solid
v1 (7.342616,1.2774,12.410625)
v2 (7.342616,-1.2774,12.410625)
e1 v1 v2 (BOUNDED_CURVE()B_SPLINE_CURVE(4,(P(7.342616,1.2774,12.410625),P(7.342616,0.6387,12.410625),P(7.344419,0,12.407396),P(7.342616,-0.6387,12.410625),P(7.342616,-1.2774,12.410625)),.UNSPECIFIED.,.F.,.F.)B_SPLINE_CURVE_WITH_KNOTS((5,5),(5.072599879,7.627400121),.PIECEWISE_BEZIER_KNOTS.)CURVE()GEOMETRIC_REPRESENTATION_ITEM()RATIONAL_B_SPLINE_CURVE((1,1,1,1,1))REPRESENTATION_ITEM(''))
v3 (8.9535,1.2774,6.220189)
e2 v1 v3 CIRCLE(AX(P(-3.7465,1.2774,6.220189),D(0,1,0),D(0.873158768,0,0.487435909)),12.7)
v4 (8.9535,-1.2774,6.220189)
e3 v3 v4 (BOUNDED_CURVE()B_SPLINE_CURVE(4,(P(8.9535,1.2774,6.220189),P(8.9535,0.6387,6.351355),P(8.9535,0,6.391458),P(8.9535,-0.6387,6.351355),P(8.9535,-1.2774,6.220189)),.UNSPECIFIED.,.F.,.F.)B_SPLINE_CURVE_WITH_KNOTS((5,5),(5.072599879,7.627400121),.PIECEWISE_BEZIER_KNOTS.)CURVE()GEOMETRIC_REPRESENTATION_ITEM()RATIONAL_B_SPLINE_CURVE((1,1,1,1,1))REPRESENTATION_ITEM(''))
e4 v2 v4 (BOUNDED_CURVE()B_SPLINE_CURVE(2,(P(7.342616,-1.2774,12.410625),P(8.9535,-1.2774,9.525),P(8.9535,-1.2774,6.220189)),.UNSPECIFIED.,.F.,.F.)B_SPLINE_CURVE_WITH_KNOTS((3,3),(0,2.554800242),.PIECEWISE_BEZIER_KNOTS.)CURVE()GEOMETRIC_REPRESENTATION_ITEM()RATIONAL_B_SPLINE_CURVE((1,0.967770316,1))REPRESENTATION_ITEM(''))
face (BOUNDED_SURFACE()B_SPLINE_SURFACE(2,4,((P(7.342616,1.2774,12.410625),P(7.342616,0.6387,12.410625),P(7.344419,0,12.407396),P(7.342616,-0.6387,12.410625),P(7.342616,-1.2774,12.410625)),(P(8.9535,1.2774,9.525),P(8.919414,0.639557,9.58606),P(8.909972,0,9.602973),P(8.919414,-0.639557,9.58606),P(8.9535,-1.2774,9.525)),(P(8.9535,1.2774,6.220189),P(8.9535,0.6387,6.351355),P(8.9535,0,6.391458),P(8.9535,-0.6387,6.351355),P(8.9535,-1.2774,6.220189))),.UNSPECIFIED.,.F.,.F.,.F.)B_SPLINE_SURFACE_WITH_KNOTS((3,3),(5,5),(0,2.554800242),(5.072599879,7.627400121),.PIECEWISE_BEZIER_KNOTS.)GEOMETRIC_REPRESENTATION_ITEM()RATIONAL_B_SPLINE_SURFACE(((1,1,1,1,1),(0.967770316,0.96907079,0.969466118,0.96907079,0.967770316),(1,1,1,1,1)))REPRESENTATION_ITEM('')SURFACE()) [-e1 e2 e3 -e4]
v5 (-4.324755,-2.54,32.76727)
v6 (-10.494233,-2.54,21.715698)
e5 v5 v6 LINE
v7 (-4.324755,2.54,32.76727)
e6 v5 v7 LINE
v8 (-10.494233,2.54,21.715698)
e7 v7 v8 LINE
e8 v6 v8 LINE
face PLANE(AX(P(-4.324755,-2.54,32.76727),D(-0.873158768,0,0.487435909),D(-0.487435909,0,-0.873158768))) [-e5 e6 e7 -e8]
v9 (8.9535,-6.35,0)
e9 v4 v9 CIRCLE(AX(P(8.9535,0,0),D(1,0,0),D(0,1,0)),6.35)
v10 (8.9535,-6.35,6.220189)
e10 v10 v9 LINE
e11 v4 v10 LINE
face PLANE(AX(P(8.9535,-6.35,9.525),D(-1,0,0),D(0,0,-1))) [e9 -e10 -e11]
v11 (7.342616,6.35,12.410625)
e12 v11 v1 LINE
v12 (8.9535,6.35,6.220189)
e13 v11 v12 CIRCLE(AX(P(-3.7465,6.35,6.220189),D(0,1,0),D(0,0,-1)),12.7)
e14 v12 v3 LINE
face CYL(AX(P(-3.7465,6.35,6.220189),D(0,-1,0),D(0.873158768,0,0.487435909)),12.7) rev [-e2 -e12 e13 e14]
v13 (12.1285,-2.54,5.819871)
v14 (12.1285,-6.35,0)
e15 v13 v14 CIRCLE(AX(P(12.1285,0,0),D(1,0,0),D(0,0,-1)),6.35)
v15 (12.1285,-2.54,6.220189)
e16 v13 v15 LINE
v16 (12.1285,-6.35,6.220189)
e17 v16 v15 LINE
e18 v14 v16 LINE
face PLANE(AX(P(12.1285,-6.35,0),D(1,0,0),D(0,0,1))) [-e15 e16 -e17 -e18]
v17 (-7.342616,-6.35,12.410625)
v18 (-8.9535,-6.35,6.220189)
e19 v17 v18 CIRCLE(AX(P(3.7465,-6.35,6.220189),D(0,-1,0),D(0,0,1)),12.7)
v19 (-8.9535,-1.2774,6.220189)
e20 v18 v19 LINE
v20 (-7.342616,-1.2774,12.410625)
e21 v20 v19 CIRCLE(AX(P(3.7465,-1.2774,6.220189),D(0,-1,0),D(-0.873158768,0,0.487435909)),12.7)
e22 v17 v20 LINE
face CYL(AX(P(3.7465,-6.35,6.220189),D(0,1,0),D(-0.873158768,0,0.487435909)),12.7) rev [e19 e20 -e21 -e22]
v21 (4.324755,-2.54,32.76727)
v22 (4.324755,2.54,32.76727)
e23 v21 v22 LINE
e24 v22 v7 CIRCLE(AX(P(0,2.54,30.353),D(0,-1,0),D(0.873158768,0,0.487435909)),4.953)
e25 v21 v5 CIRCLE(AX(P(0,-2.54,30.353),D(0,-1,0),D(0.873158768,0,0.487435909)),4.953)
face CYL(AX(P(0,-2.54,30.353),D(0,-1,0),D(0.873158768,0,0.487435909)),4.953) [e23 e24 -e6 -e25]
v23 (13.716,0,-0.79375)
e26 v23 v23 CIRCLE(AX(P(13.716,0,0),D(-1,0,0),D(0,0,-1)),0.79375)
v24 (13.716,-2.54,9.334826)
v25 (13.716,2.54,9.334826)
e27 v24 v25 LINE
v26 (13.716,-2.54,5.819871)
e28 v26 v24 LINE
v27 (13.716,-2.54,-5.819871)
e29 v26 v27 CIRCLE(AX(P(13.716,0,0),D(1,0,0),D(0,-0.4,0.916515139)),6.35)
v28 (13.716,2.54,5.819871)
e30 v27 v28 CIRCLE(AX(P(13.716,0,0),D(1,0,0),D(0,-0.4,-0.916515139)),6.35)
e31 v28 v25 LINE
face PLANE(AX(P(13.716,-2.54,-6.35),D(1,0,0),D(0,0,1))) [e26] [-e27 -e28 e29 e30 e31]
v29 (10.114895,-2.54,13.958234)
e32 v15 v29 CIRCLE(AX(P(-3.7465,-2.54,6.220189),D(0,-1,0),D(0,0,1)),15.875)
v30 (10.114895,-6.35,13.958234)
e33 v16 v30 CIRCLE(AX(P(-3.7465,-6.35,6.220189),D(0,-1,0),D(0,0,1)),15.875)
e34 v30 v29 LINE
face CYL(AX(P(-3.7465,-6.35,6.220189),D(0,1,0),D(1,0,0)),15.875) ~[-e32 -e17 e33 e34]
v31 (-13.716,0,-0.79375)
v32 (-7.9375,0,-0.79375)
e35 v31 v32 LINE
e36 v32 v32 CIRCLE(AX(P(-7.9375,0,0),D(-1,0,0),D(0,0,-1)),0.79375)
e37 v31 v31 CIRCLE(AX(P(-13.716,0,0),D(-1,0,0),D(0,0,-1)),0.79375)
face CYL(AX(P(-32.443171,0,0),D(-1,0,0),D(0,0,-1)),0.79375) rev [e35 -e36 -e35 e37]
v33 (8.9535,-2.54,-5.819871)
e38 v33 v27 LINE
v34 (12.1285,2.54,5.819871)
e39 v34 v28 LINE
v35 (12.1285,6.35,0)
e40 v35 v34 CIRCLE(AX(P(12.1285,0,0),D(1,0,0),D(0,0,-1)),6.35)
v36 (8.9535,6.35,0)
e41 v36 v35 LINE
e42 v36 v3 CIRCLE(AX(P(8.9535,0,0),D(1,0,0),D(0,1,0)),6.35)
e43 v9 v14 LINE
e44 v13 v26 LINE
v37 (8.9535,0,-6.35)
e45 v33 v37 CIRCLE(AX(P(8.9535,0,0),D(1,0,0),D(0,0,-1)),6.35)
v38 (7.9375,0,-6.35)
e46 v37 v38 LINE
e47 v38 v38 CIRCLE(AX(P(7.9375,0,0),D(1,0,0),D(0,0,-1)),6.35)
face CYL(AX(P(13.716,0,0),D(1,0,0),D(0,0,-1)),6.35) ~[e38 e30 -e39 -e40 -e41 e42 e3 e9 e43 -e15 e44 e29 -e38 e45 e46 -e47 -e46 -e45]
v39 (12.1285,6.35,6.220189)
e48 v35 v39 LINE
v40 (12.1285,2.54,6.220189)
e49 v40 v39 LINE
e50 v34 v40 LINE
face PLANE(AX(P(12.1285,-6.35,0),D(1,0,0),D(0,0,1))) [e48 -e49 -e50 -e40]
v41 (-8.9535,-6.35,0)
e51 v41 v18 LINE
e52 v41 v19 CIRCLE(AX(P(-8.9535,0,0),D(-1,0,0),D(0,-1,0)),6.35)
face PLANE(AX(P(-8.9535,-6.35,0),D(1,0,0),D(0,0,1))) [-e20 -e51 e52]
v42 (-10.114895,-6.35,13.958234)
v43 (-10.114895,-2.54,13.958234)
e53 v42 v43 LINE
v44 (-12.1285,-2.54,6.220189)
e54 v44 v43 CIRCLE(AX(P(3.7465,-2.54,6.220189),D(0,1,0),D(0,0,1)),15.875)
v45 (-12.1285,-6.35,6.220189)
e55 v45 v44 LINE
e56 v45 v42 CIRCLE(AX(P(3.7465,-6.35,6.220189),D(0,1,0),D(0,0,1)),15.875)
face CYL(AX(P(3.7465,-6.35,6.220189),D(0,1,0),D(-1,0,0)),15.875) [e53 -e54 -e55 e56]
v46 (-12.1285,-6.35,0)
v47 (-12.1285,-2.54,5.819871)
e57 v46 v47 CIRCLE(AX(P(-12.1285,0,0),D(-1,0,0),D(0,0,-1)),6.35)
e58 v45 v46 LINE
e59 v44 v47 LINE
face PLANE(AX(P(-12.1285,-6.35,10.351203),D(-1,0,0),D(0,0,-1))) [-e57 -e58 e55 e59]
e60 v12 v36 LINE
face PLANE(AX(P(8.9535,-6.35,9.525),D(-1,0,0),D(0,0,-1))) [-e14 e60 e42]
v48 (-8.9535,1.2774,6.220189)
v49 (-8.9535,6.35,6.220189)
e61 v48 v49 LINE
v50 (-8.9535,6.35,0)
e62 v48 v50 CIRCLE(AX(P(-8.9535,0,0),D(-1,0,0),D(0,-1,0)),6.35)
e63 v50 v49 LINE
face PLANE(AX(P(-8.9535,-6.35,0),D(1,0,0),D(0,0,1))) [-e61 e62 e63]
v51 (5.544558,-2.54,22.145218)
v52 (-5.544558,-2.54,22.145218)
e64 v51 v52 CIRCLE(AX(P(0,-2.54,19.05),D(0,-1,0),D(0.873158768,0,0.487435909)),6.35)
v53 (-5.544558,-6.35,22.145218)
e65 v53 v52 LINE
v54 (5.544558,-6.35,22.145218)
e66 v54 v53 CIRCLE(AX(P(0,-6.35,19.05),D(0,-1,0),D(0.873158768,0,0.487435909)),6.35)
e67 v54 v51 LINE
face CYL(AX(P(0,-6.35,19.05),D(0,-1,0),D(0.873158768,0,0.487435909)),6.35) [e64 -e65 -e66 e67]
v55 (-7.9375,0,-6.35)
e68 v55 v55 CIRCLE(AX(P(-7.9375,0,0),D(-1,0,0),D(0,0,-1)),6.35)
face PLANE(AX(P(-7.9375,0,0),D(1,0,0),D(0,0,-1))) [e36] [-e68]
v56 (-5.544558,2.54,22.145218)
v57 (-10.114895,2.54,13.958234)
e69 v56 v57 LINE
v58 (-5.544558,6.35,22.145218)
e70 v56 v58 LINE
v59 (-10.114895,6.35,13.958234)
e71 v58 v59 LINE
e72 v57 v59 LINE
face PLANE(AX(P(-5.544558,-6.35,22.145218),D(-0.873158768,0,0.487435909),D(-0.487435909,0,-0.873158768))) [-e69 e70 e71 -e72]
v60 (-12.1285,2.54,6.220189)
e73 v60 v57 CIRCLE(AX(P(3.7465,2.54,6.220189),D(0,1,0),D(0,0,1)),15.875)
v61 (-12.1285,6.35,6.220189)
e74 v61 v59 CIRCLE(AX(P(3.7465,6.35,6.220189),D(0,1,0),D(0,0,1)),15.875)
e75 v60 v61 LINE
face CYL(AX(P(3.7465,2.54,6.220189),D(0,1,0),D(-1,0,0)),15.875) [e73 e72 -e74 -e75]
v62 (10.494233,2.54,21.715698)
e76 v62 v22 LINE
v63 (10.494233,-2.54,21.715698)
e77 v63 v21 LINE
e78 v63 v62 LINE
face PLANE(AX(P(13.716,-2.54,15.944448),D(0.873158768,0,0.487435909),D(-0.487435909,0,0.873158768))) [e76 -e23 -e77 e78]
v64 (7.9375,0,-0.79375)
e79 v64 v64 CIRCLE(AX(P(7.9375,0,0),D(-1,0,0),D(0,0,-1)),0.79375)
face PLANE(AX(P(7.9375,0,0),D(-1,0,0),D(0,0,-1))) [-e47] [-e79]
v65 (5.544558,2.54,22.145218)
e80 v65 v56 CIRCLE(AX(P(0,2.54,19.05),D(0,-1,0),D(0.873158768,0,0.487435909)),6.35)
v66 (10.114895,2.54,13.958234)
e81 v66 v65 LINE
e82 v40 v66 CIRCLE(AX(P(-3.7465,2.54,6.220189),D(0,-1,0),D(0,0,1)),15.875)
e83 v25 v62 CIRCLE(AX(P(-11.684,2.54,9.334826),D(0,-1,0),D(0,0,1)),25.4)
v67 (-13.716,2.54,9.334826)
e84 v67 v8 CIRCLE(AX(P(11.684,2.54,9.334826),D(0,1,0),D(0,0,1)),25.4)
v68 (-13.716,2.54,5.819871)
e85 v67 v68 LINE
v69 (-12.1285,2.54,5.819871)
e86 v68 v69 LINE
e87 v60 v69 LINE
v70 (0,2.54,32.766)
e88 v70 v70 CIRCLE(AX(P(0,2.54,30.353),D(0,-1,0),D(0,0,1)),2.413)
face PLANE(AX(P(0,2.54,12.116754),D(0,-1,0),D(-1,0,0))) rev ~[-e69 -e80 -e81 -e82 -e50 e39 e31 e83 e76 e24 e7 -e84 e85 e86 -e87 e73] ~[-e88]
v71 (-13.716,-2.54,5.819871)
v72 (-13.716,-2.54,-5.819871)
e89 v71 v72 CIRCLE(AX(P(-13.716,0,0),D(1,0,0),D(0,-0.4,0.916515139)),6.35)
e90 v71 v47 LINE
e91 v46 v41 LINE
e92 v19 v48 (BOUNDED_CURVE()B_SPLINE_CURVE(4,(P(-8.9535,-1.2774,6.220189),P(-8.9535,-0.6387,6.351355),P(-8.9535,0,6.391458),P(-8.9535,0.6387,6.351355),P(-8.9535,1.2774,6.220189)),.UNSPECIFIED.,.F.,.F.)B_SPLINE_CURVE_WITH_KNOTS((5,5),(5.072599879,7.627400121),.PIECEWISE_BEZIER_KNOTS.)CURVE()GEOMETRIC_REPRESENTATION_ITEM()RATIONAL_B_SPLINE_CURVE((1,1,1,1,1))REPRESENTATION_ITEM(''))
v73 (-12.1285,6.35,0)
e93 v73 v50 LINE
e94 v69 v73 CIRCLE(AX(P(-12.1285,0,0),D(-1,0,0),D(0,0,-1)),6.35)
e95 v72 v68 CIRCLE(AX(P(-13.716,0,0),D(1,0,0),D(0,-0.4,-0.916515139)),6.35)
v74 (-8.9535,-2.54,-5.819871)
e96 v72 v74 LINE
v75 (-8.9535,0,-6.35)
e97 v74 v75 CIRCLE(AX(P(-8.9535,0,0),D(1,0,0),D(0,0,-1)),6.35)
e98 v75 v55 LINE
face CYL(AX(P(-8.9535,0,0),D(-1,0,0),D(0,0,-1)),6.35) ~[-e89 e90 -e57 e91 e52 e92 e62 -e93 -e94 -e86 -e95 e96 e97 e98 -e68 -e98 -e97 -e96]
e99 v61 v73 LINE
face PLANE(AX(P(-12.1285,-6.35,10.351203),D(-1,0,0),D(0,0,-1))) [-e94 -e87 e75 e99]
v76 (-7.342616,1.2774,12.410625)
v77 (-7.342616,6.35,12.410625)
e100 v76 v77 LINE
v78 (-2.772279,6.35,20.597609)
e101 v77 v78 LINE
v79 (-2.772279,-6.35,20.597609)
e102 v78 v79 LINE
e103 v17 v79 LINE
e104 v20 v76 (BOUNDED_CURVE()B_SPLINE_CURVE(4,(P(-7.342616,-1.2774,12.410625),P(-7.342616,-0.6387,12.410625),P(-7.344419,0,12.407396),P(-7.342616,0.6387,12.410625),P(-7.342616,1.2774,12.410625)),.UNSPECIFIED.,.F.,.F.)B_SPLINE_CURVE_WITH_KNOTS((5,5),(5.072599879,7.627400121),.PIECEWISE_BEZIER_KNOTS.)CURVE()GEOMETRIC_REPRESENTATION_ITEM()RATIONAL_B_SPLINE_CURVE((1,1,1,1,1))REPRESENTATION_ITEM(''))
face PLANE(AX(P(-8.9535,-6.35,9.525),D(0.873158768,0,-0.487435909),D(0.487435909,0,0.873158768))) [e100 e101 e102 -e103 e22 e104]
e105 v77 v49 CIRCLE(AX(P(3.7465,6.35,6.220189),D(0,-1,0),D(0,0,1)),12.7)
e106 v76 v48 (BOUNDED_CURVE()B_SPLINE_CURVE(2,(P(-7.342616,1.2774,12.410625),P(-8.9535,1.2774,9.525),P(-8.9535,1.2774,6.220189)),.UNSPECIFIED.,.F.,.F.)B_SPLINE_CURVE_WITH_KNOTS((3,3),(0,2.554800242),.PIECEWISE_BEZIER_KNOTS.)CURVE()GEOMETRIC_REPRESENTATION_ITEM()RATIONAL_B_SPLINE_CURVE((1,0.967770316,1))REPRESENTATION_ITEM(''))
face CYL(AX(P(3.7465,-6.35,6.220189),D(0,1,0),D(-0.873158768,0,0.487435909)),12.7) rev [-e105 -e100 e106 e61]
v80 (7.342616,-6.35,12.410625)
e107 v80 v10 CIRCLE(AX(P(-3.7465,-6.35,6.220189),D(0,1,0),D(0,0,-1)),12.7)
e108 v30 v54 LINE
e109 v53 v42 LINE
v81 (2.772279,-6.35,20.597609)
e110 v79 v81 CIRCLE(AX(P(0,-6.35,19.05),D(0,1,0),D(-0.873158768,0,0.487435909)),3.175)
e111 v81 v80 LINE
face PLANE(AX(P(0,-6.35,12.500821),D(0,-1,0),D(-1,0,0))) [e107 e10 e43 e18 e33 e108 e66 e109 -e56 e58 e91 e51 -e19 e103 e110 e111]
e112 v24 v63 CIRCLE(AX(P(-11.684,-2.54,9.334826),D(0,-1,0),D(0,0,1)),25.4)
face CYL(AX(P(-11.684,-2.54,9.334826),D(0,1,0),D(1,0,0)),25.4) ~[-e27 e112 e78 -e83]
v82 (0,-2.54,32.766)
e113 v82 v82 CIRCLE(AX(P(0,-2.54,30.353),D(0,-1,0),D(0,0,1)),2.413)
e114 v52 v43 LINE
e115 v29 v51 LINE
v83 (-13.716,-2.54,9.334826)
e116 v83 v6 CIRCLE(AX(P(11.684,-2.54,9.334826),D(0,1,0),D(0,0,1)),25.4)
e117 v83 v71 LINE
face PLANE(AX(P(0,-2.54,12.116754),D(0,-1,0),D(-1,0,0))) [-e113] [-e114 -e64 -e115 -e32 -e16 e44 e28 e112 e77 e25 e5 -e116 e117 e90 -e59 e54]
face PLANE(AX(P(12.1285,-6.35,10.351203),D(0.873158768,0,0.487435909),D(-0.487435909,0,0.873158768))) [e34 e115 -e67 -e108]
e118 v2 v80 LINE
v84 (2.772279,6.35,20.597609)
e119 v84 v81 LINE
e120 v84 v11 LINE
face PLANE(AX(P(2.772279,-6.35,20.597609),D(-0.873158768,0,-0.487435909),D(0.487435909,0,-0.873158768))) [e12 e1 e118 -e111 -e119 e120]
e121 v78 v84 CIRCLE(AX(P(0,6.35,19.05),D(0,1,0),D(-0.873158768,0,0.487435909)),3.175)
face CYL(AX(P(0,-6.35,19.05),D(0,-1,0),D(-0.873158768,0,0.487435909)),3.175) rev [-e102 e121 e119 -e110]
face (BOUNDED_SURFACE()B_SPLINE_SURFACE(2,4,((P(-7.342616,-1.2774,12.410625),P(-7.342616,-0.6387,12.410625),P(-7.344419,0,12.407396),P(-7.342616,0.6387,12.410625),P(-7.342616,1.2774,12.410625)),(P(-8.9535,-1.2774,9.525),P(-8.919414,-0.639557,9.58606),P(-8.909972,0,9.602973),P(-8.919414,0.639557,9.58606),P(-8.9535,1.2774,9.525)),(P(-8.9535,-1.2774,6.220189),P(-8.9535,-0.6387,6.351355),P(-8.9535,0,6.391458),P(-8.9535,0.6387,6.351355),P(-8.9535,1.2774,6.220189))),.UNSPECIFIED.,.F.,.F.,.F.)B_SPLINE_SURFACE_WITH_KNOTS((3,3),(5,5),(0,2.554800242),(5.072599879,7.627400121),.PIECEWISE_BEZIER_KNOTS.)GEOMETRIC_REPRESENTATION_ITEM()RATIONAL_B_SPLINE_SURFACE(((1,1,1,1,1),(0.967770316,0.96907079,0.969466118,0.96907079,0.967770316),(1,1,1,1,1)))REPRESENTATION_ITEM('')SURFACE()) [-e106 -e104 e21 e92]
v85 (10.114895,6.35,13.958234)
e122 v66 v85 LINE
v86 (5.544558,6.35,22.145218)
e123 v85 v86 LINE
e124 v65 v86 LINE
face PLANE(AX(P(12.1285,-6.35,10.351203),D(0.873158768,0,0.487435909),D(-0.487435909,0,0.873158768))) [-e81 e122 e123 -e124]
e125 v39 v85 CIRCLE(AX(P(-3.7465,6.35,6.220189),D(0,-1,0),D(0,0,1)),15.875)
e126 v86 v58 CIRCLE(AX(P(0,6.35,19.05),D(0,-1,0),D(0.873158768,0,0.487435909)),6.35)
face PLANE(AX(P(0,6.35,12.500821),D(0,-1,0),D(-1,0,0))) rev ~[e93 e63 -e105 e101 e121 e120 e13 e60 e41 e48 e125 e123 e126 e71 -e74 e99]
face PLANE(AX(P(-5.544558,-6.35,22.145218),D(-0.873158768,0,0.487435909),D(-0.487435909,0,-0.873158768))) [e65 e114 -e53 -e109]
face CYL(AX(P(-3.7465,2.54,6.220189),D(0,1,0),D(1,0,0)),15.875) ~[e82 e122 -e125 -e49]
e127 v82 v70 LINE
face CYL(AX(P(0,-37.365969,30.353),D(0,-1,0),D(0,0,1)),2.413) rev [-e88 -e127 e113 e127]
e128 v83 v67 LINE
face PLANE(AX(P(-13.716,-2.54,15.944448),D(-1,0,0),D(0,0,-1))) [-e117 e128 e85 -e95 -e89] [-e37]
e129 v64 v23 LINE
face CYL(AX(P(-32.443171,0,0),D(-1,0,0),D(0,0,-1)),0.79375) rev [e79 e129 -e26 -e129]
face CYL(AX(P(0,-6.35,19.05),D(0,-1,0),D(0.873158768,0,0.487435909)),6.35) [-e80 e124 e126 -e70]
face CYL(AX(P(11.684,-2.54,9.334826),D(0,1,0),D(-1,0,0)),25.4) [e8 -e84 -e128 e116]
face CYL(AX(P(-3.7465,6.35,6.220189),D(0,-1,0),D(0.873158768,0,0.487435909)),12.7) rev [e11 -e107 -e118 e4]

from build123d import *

# Parameters (mm, degrees)
BOSS_EXTRUDE1_DEPTH             = 2.54
BOSS_EXTRUDE1_DEPTH_BACK        = 2.54
BOSS_EXTRUDE2_REACH             = 44.034
SKETCH2_R                       = 6.35
BOSS_EXTRUDE2_DIRECTION_2_DEPTH = 1.016
BOSS_EXTRUDE3_DEPTH             = 1.016
BOSS_EXTRUDE3_DEPTH_BACK        = 4.7625
SKETCH3_R                       = 6.35
CUT_EXTRUDE1_DEPTH              = 46.159171383
CUT_EXTRUDE1_DEPTH_BACK         = 46.159171383
BOSS_EXTRUDE4_DEPTH             = 6.35
BOSS_EXTRUDE4_DEPTH_BACK        = 6.35
CUT_EXTRUDE2_DEPTH              = 46.159171383
CUT_EXTRUDE2_DEPTH_BACK         = 46.159171383
SKETCH7_R                       = 0.79375
FILLET1_R                       = 12.7
FILLET2_R                       = 15.875
FILLET3_R                       = 25.4
CUT_EXTRUDE3_DEPTH              = 39.905968649
CUT_EXTRUDE3_DEPTH_BACK         = 39.905968649
SKETCH8_R                       = 2.413


with BuildPart() as part:
    # Sketch1 → Boss-Extrude1 (new, two sides: drawn at the far end of the back side and taken through both)
    with BuildSketch(Plane(origin=(0, 0, 0), x_dir=(1, 0, 0), z_dir=(0, 1, 0)).offset(-BOSS_EXTRUDE1_DEPTH_BACK)):
        with BuildLine():
            Line((-13.716, 6.35), (-8.9535, 6.35))
            Line((-8.9535, 6.35), (-8.9535, -9.525))
            Line((-8.9535, -9.525), (-2.772279089, -20.597609011))
            ThreePointArc((-2.772279089, -20.597609011), (0, -22.225), (2.772279089, -20.597609011))
            Line((2.772279089, -20.597609011), (8.9535, -9.525))
            Line((8.9535, -9.525), (8.9535, 6.35))
            Line((8.9535, 6.35), (13.716, 6.35))
            Line((13.716, 6.35), (13.716, -15.944447946))
            Line((13.716, -15.944447946), (4.32475538, -32.767270057))
            ThreePointArc((4.32475538, -32.767270057), (0, -35.306), (-4.32475538, -32.767270057))
            Line((-4.32475538, -32.767270057), (-13.716, -15.944447946))
            Line((-13.716, -15.944447946), (-13.716, 6.35))
        make_face()
    extrude(amount=BOSS_EXTRUDE1_DEPTH + BOSS_EXTRUDE1_DEPTH_BACK)

    # Boss-Extrude2: up to this face of the body (flat: up to its plane)
    boss_extrude2_end = Plane(part.part.faces().sort_by_distance((-13.716, 0, 4.797223973))[0])
    # Sketch2 → Boss-Extrude2 (add, up to the picked face)
    with BuildSketch(Plane(origin=(-8.9535, 0, 0), x_dir=(0, 0, -1), z_dir=(1, 0, 0)), mode=Mode.PRIVATE) as boss_extrude2_sk1:
        Circle(SKETCH2_R)
    boss_extrude2_tool1 = split(extrude(boss_extrude2_sk1.sketch, amount=-BOSS_EXTRUDE2_REACH, mode=Mode.PRIVATE), bisect_by=boss_extrude2_end, keep=Keep.BOTH, mode=Mode.PRIVATE)
    add(boss_extrude2_tool1.solids().sort_by(Axis((-8.9535, 0, 0), (-1, 0, 0)))[0])

    # Sketch2 → Boss-Extrude2 direction 2 (add)
    with BuildSketch(Plane(origin=(-8.9535, 0, 0), x_dir=(0, 0, -1), z_dir=(1, 0, 0))):
        Circle(SKETCH2_R)
    extrude(amount=BOSS_EXTRUDE2_DIRECTION_2_DEPTH)

    # Sketch3 → Boss-Extrude3 (add, two sides: drawn at the far end of the back side and taken through both)
    with BuildSketch(Plane.ZY.offset(-8.9535).offset(-BOSS_EXTRUDE3_DEPTH_BACK)):
        with Locations(Location((0, 0, 0), (0, 0, 180))):
            Circle(SKETCH3_R)
    extrude(amount=BOSS_EXTRUDE3_DEPTH + BOSS_EXTRUDE3_DEPTH_BACK)

    # Sketch4 → Cut-Extrude1 (cut, two sides: drawn at the far end of the back side and taken through both)
    with BuildSketch(Plane(origin=(13.716, 0, 0), x_dir=(0, 0, -1), z_dir=(1, 0, 0)).offset(-CUT_EXTRUDE1_DEPTH_BACK)):
        with BuildLine():
            Line((3.81, 5.08), (13.97, 5.08))
            Line((13.97, 5.08), (13.97, -5.08))
            Line((13.97, -5.08), (3.81, -5.08))
            ThreePointArc((3.81, -5.08), (6.35, 0), (3.81, 5.08))
        make_face()
    extrude(amount=CUT_EXTRUDE1_DEPTH + CUT_EXTRUDE1_DEPTH_BACK, mode=Mode.SUBTRACT)

    # Sketch6 → Boss-Extrude4 (add, two sides: drawn at the far end of the back side and taken through both)
    with BuildSketch(Plane(origin=(0, 0, 0), x_dir=(1, 0, 0), z_dir=(0, 1, 0)).offset(-BOSS_EXTRUDE4_DEPTH_BACK)):
        with BuildLine():
            Line((-8.9535, -9.525), (-2.772279089, -20.597609011))
            ThreePointArc((-2.772279089, -20.597609011), (0, -22.225), (2.772279089, -20.597609011))
            Line((2.772279089, -20.597609011), (8.9535, -9.525))
            Line((8.9535, -9.525), (8.9535, 0))
            Line((8.9535, 0), (12.1285, 0))
            Line((12.1285, 0), (12.1285, -10.351202795))
            Line((12.1285, -10.351202795), (5.544558179, -22.145218022))
            ThreePointArc((5.544558179, -22.145218022), (0, -25.4), (-5.544558179, -22.145218022))
            Line((-5.544558179, -22.145218022), (-12.1285, -10.351202795))
            Line((-12.1285, -10.351202795), (-12.1285, 0))
            Line((-12.1285, 0), (-8.9535, 0))
            Line((-8.9535, 0), (-8.9535, -9.525))
        make_face()
    extrude(amount=BOSS_EXTRUDE4_DEPTH + BOSS_EXTRUDE4_DEPTH_BACK)

    # Sketch7 → Cut-Extrude2 (cut, two sides: drawn at the far end of the back side and taken through both)
    with BuildSketch(Plane(origin=(13.716, 0, 0), x_dir=(0, 0, -1), z_dir=(1, 0, 0)).offset(-CUT_EXTRUDE2_DEPTH_BACK)):
        Circle(SKETCH7_R)
    extrude(amount=CUT_EXTRUDE2_DEPTH + CUT_EXTRUDE2_DEPTH_BACK, mode=Mode.SUBTRACT)

    # Fillet1
    fillet1_edges = [part.edges().sort_by_distance(p)[0] for p in [
        (-8.9535, 0, 9.525),
        (8.9535, 0, 9.525),
    ]]
    fillet(fillet1_edges, radius=FILLET1_R)

    # Fillet2
    fillet2_edges = [part.edges().sort_by_distance(p)[0] for p in [
        (-12.1285, -4.445, 10.351202795),
        (12.1285, -4.445, 10.351202795),
        (-12.1285, 4.445, 10.351202795),
        (12.1285, 4.445, 10.351202795),
    ]]
    fillet(fillet2_edges, radius=FILLET2_R)

    # Fillet3
    fillet3_edges = [part.edges().sort_by_distance(p)[0] for p in [
        (13.716, 0, 15.944447946),
        (-13.716, 0, 15.944447946),
    ]]
    fillet(fillet3_edges, radius=FILLET3_R)

    # Sketch8 → Cut-Extrude3 (cut, two sides: drawn at the far end of the back side and taken through both)
    with BuildSketch(Plane(origin=(0, 2.54, 0), x_dir=(1, 0, 0), z_dir=(0, 1, 0)).offset(-CUT_EXTRUDE3_DEPTH_BACK)):
        with Locations(Location((0, -30.353, 0), (0, 0, 270))):
            Circle(SKETCH8_R)
    extrude(amount=CUT_EXTRUDE3_DEPTH + CUT_EXTRUDE3_DEPTH_BACK, mode=Mode.SUBTRACT)


solid = part.part
